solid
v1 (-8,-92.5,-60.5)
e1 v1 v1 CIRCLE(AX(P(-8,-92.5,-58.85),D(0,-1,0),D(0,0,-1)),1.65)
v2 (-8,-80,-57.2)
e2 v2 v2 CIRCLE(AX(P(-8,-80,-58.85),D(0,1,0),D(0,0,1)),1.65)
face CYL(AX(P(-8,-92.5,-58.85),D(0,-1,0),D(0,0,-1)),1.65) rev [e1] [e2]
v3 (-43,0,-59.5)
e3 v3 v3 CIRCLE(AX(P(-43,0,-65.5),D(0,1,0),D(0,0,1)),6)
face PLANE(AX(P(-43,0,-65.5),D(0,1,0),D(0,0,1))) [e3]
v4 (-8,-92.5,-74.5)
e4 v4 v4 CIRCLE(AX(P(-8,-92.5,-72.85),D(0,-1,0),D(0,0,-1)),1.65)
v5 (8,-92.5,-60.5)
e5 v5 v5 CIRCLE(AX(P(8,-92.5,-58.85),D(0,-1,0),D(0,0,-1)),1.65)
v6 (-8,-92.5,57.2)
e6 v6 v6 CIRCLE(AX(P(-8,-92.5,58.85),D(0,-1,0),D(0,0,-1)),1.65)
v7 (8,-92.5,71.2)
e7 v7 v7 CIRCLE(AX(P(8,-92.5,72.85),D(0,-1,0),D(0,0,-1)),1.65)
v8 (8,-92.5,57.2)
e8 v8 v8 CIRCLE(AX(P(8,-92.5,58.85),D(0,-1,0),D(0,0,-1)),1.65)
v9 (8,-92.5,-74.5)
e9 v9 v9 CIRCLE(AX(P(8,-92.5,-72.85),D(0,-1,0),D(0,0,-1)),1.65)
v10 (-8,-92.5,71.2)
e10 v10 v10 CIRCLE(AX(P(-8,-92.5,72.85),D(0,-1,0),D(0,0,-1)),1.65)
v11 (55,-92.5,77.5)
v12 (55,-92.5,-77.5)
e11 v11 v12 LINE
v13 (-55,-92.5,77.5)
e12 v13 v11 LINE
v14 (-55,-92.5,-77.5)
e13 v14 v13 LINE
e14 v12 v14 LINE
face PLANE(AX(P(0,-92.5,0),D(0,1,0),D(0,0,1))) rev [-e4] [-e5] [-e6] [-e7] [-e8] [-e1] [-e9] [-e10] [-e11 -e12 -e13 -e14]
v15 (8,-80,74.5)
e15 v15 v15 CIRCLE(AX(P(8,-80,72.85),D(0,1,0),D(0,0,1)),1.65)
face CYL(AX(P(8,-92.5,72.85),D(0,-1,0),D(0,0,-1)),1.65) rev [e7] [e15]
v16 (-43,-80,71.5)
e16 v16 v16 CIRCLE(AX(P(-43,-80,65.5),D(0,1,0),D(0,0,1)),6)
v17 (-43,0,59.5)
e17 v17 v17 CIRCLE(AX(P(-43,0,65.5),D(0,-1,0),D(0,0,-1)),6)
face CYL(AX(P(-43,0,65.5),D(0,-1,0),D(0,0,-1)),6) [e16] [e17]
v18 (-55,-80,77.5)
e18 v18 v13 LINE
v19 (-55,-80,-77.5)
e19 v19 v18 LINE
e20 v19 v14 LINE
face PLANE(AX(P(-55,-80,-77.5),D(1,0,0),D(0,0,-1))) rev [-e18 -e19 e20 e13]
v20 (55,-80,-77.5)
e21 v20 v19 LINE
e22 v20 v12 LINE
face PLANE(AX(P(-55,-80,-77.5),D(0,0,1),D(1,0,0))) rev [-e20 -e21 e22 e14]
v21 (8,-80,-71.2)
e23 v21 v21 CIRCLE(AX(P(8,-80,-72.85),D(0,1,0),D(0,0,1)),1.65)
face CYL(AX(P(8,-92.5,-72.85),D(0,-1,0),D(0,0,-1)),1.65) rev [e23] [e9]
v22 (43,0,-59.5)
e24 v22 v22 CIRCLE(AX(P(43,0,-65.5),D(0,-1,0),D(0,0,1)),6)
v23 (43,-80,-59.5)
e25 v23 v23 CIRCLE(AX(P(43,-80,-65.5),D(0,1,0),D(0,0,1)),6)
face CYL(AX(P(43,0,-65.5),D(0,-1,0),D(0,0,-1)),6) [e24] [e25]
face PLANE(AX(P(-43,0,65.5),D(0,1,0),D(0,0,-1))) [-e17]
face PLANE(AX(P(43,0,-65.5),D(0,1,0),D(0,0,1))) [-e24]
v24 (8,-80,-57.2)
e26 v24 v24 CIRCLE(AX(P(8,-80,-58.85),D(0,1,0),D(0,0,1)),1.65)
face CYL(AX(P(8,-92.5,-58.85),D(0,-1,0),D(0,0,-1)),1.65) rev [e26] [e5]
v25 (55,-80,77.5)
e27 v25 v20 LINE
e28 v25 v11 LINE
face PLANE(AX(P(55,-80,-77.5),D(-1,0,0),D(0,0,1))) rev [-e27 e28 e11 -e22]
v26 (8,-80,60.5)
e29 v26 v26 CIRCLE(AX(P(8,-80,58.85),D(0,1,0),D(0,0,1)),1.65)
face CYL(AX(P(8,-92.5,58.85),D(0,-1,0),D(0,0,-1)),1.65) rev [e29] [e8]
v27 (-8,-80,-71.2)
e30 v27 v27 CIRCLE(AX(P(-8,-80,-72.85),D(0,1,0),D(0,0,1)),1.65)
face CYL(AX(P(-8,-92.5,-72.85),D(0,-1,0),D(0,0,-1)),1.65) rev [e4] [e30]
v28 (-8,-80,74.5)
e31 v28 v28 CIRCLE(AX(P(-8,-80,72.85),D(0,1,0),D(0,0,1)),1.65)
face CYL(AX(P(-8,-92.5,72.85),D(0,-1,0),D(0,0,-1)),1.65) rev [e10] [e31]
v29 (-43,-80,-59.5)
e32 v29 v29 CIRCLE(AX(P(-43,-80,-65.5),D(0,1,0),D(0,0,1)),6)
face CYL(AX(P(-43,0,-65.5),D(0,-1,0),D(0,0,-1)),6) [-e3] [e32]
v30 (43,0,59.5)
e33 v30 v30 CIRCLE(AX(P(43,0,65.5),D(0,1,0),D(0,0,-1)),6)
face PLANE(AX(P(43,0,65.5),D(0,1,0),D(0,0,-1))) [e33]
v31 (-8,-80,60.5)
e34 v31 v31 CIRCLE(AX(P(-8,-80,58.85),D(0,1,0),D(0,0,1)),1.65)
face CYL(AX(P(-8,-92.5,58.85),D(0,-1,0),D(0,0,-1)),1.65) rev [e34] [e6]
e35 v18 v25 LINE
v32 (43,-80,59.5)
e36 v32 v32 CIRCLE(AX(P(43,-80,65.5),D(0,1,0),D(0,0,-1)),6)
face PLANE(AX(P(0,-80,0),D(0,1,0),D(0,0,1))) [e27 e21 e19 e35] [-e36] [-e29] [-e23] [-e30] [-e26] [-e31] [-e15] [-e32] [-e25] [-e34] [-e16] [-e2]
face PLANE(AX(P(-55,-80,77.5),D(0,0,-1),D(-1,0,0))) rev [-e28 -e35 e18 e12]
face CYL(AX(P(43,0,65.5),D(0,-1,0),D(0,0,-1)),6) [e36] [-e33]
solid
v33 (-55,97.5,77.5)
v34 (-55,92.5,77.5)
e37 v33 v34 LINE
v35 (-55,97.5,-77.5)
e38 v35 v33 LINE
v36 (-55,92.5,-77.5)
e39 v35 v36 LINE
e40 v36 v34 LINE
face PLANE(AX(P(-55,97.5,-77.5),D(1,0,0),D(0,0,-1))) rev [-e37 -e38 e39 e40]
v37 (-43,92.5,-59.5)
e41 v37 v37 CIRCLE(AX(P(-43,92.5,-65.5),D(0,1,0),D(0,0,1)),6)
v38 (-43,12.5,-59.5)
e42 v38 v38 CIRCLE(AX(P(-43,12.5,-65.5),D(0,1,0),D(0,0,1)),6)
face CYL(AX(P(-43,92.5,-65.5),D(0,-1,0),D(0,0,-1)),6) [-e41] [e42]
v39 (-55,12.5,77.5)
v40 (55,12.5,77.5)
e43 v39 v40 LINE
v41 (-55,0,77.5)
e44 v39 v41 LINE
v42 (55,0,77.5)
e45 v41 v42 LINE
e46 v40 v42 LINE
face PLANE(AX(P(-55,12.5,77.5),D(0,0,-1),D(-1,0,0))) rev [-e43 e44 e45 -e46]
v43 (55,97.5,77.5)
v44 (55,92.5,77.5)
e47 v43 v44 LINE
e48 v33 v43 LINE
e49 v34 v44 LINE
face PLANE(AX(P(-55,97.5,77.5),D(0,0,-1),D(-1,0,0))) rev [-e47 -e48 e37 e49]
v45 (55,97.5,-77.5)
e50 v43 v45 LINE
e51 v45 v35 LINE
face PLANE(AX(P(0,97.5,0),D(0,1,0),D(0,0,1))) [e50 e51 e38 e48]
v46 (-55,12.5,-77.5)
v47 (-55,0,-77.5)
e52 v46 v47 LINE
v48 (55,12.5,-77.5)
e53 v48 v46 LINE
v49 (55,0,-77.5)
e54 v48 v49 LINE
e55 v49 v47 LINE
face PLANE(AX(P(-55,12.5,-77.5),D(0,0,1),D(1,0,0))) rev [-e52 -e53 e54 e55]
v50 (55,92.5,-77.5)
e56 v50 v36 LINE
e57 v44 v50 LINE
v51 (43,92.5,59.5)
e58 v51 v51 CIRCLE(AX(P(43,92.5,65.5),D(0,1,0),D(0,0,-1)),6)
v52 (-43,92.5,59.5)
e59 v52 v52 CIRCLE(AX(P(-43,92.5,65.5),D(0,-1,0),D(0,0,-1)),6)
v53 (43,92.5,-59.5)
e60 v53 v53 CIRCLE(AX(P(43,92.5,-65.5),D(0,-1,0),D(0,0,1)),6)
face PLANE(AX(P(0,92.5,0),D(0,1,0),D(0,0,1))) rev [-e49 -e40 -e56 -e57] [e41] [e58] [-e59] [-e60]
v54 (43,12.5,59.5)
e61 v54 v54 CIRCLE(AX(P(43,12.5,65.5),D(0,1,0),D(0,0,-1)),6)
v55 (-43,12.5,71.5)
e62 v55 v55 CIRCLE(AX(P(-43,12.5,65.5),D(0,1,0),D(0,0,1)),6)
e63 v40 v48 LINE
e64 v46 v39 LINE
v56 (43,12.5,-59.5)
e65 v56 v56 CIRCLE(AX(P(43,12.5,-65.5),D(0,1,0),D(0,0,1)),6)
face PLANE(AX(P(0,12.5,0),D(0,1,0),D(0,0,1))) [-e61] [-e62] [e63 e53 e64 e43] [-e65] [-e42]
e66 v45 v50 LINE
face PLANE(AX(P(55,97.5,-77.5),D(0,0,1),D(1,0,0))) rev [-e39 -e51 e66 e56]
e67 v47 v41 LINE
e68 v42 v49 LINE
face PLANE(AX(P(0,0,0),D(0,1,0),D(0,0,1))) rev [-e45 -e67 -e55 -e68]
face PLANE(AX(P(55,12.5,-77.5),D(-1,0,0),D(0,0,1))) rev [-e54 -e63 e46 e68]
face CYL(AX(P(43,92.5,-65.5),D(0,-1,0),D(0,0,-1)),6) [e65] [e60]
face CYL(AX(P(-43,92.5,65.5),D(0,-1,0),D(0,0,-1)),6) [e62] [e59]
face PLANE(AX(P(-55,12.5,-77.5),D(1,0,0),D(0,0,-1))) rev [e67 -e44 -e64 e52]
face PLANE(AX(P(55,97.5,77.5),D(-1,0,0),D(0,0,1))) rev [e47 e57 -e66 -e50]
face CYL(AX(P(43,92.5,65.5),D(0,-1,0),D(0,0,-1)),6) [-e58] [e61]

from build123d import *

# Parameters (mm, degrees)
SKETCH1_W                           = 110
SKETCH1_H                           = 155
BOSS_EXTRUDE1_DEPTH                 = 12.5
SKETCH2_R                           = 6
BOSS_EXTRUDE2_DEPTH                 = 80
MIRROR2_COPY_1_SKETCH_R             = 6
MIRROR2_COPY_1_DEPTH                = 80
LPATTERN1_COUNT                     = 2
LPATTERN1_PITCH                     = 92.5
F_3_3_3_3_DIAMETER_HOLE1_AT_2_COUNT = 2
F_3_3_3_3_DIAMETER_HOLE1_AT_2_PITCH = 16
LPATTERN3_COUNT                     = 2
LPATTERN3_PITCH                     = 14
SKETCH7_W                           = 110
SKETCH7_H                           = 155
BOSS_EXTRUDE3_DEPTH                 = 5


with BuildPart() as part:
    # Sketch1 → Boss-Extrude1 (new body)
    with BuildSketch(Plane(origin=(0, 0, 0), x_dir=(1, 0, 0), z_dir=(0, 1, 0))):
        Rectangle(SKETCH1_W, SKETCH1_H)
    extrude(amount=BOSS_EXTRUDE1_DEPTH)

    # Sketch2 → Boss-Extrude2 (add)
    with BuildSketch(Plane(origin=(0, 12.5, 0), x_dir=(1, 0, 0), z_dir=(0, 1, 0))):
        with Locations((-43, 65.5)):
            Circle(SKETCH2_R)
    boss_extrude2 = extrude(amount=BOSS_EXTRUDE2_DEPTH)

    # Mirror1: Boss-Extrude2 across plane
    add(boss_extrude2.mirror(Plane.XY))

    # Mirror2: Boss-Extrude2 across plane
    add(boss_extrude2.mirror(Plane(origin=(0, 0, 0), x_dir=(0, 0, 1), z_dir=(1, 0, 0))))

    # Mirror2 copy 1 sketch → Mirror2 copy 1 (add)
    with BuildSketch(Plane(origin=(0, 12.5, 0), x_dir=(-1, 0, 0), z_dir=(0, 1, 0))):
        with Locations((-43, 65.5)):
            Circle(MIRROR2_COPY_1_SKETCH_R)
    extrude(amount=MIRROR2_COPY_1_DEPTH)


with BuildPart() as lpattern1_1:
    # LPattern1: pattern copy
    add(part.part.moved(Location(Vector(0, -1, 0) * (1 * LPATTERN1_PITCH))))

    # Sketch6 → Ø3.3 (3.3) Diameter Hole1 (revolve, cut)
    with BuildSketch(Plane(origin=(8, -92.5, 72.85), x_dir=(0, 0, -1), z_dir=(1, 0, 0))):
        Polygon((0, 0), (0, 20.991420021), (1.65, 20), (1.65, 0), align=None)
    f_3_3_3_3_diameter_hole1 = revolve(axis=Axis((8, -98.85, 72.85), (0, 1, 0)), mode=Mode.SUBTRACT)

    # Ø3.3 (3.3) Diameter Hole1 at 2: Ø3.3 (3.3) Diameter Hole1 ×2
    with Locations(*[(-i * F_3_3_3_3_DIAMETER_HOLE1_AT_2_PITCH, 0, 0) for i in range(1, F_3_3_3_3_DIAMETER_HOLE1_AT_2_COUNT)]):
        add(f_3_3_3_3_diameter_hole1, mode=Mode.SUBTRACT)

    # LPattern3: Ø3.3 (3.3) Diameter Hole1 ×2
    with Locations(*[(0, 0, -i * LPATTERN3_PITCH) for i in range(1, LPATTERN3_COUNT)]):
        add(f_3_3_3_3_diameter_hole1, mode=Mode.SUBTRACT)

    # LPattern3 copy 1 sketch → LPattern3 copy 1 (revolve, cut)
    with BuildSketch(Plane(origin=(-8, -92.5, 58.85), x_dir=(0, 0, -1), z_dir=(1, 0, 0))):
        Polygon((0, 0), (0, 20.991420021), (1.65, 20), (1.65, 0), align=None)
    revolve(axis=Axis((-8, -98.85, 58.85), (0, 1, 0)), mode=Mode.SUBTRACT)

    # Mirror3: Ø3.3 (3.3) Diameter Hole1 across plane
    add(f_3_3_3_3_diameter_hole1.mirror(Plane.XY), mode=Mode.SUBTRACT)

    # Mirror3 copy 1 sketch → Mirror3 copy 1 (revolve, cut)
    with BuildSketch(Plane(origin=(8, -92.5, -58.85), x_dir=(0, 0, 1), z_dir=(1, 0, 0))):
        Polygon((0, 0), (0, -20.991420021), (1.65, -20), (1.65, 0), align=None)
    revolve(axis=Axis((8, -98.85, -58.85), (0, -1, 0)), mode=Mode.SUBTRACT)

    # Mirror3 copy 2 sketch → Mirror3 copy 2 (revolve, cut)
    with BuildSketch(Plane(origin=(-8, -92.5, -58.85), x_dir=(0, 0, 1), z_dir=(1, 0, 0))):
        Polygon((0, 0), (0, -20.991420021), (1.65, -20), (1.65, 0), align=None)
    revolve(axis=Axis((-8, -98.85, -58.85), (0, -1, 0)), mode=Mode.SUBTRACT)

    # Mirror3 copy 3 sketch → Mirror3 copy 3 (revolve, cut)
    with BuildSketch(Plane(origin=(-8, -92.5, -72.85), x_dir=(0, 0, 1), z_dir=(1, 0, 0))):
        Polygon((0, 0), (0, -20.991420021), (1.65, -20), (1.65, 0), align=None)
    revolve(axis=Axis((-8, -98.85, -72.85), (0, -1, 0)), mode=Mode.SUBTRACT)


with BuildPart() as part_1:
    add(part.part)

    # Sketch7 → Boss-Extrude3 (add)
    with BuildSketch(Plane(origin=(0, 92.5, 0), x_dir=(1, 0, 0), z_dir=(0, 1, 0))):
        Rectangle(SKETCH7_W, SKETCH7_H)
    extrude(amount=BOSS_EXTRUDE3_DEPTH)


solid = Compound([lpattern1_1.part, part_1.part])
